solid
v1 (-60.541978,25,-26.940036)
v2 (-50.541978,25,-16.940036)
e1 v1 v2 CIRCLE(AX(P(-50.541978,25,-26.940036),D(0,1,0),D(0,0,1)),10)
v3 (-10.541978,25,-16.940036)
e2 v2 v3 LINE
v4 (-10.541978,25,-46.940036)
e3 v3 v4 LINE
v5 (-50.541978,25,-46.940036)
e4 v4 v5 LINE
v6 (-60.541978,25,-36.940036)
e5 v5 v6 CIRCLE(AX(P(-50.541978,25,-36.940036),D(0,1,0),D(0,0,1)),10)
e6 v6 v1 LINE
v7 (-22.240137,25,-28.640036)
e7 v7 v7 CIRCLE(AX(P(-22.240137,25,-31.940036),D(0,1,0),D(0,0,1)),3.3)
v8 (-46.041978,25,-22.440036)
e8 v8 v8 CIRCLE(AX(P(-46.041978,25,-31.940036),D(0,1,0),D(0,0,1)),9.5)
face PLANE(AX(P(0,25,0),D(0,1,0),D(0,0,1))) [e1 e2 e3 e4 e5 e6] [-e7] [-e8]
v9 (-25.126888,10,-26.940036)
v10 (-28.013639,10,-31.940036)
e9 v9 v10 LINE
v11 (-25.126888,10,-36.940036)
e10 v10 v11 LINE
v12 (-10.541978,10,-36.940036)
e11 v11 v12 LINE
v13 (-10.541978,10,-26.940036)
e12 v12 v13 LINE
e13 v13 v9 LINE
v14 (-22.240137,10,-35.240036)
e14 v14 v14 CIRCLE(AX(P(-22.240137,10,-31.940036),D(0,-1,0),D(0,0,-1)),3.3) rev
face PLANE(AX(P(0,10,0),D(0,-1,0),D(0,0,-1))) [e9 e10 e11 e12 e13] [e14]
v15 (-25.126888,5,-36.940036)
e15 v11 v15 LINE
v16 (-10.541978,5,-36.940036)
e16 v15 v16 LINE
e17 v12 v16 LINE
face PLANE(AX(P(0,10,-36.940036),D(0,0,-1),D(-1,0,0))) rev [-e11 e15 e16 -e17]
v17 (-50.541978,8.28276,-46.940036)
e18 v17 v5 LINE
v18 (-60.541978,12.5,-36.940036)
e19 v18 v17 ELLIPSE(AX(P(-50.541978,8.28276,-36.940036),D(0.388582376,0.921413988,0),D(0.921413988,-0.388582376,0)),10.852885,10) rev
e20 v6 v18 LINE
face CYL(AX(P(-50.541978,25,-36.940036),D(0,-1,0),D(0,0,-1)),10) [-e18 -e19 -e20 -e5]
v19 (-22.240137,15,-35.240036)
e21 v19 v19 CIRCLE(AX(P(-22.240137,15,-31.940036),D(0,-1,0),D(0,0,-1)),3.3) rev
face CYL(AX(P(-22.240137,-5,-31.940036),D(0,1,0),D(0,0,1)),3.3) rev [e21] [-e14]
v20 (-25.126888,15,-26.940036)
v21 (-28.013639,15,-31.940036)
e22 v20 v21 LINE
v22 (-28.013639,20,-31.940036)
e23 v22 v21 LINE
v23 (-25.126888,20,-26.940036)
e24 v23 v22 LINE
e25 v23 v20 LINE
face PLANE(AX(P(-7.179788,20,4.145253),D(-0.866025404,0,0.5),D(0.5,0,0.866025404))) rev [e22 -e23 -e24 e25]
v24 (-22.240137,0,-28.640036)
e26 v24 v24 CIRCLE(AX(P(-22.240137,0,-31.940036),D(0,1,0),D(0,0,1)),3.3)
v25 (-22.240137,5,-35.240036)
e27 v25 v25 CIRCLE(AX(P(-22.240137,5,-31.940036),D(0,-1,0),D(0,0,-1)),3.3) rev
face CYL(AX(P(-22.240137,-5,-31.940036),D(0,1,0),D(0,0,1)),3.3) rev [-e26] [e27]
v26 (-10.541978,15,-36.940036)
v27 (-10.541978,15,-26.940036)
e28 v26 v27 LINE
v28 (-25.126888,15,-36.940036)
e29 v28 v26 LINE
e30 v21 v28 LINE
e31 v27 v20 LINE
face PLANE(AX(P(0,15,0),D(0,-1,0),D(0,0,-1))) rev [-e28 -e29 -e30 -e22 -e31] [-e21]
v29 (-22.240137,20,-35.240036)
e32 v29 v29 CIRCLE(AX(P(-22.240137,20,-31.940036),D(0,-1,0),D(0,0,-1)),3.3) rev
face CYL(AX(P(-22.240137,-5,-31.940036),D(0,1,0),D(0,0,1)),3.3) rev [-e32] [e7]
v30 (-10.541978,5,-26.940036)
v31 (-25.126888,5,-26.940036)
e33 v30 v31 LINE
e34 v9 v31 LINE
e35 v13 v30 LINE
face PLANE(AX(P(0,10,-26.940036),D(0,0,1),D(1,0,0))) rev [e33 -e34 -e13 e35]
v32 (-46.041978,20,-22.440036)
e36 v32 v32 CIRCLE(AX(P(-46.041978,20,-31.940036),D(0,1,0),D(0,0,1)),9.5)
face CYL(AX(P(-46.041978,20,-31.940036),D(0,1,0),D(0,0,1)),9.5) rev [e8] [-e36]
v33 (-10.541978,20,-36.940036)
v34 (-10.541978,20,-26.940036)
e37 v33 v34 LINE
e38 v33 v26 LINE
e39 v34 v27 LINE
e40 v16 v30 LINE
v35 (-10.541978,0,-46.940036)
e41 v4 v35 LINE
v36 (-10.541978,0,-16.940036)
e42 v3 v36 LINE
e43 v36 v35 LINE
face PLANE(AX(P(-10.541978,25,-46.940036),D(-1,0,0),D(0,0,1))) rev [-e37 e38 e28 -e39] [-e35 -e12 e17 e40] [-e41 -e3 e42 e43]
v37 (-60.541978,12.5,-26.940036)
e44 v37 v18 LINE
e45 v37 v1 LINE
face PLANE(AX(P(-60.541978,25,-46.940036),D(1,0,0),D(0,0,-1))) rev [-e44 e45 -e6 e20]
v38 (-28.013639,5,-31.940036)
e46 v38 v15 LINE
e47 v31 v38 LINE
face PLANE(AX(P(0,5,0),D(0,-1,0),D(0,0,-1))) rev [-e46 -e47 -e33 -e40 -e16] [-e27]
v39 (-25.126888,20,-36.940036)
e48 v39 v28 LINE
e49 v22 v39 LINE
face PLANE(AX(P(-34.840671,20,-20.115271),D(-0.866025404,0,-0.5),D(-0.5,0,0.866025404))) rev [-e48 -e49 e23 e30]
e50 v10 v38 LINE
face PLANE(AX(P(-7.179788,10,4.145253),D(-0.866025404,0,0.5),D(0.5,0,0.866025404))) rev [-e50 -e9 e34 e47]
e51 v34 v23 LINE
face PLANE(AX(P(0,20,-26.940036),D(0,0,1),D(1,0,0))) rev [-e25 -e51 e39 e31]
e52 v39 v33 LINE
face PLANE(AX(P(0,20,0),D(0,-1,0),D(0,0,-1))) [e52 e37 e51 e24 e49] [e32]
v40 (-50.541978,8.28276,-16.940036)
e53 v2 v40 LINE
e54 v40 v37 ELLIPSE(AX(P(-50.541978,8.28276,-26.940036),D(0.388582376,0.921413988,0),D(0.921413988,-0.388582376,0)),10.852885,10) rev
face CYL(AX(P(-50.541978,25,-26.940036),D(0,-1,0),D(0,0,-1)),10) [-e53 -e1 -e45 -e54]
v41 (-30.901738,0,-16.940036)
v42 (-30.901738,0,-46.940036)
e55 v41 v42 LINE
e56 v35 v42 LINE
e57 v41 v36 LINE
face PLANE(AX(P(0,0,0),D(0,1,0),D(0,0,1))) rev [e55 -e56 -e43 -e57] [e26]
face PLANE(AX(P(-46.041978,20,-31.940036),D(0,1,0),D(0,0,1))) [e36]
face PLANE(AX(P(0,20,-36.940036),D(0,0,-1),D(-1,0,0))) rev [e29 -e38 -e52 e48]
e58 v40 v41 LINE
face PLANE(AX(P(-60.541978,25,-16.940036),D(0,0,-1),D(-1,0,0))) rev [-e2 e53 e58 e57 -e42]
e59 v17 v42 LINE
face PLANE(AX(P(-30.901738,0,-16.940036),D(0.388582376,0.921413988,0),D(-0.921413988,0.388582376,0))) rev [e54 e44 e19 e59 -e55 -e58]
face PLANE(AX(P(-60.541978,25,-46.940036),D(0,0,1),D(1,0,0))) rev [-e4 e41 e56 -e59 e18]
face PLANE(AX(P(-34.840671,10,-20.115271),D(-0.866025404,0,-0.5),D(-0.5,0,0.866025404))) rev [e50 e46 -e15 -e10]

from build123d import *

# Parameters (mm, degrees)
ESQUISSE1_W                = 50
ESQUISSE1_H                = 30
BOSS_EXTRU_1_DEPTH         = 25
ESQUISSE2_R                = 9.5
ENL_V_MAT_EXTRU_1_DEPTH    = 5
ESQUISSE5_R                = 3.3
ENL_V_MAT_EXTRU_2_DEPTH    = 30
ENL_V_MAT_EXTRU_3_DEPTH    = 30
CONG_1_R                   = 10
ENL_V_START                = -5
ESQUISSE8_R                = 3.3
ENL_V_MAT_EXTRU_4_DEPTH    = 5
R_P_TITION_LIN_AIRE1_COUNT = 2
R_P_TITION_LIN_AIRE1_PITCH = 10


with BuildPart() as part:
    # Esquisse1 → Boss.-Extru.1 (new body)
    with BuildSketch(Plane(origin=(0, 0, 0), x_dir=(1, 0, 0), z_dir=(0, 1, 0))):
        with Locations((-35.541978222, 31.940035978)):
            Rectangle(ESQUISSE1_W, ESQUISSE1_H)
    extrude(amount=BOSS_EXTRU_1_DEPTH)

    # Esquisse2 → Enlèv. mat.-Extru.1 (cut)
    with BuildSketch(Plane(origin=(0, 25, 0), x_dir=(1, 0, 0), z_dir=(0, 1, 0))):
        with Locations(Location((-46.041978222, 31.940035978, 0), (0, 0, 270))):  # turned: the seam where the file's is
            Circle(ESQUISSE2_R)
    extrude(amount=-ENL_V_MAT_EXTRU_1_DEPTH, mode=Mode.SUBTRACT)

    # Esquisse5 → Enlèv. mat.-Extru.2 (cut)
    with BuildSketch(Plane(origin=(0, 25, 0), x_dir=(1, 0, 0), z_dir=(0, 1, 0))):
        with Locations(Location((-22.240136575, 31.940035978, 0), (0, 0, 270))):  # turned: the seam where the file's is
            Circle(ESQUISSE5_R)
    extrude(amount=-ENL_V_MAT_EXTRU_2_DEPTH, mode=Mode.SUBTRACT)

    # Esquisse7 → Enlèv. mat.-Extru.3 (cut)
    with BuildSketch(Plane(origin=(0, 0, -46.940035978), x_dir=(-1, 0, 0), z_dir=(0, 0, -1))):
        Polygon((30.901738287, 0), (60.541978222, 12.5), (60.541978222, 0), align=None)
    extrude(amount=-ENL_V_MAT_EXTRU_3_DEPTH, mode=Mode.SUBTRACT)

    # Congé1
    cong_1_edges = [part.edges().sort_by_distance(p)[0] for p in [
        (-60.541978222, 18.75, -46.940035978),
        (-60.541978222, 18.75, -16.940035978),
    ]]
    fillet(cong_1_edges, radius=CONG_1_R)

    # Esquisse8 → Enlèv. mat.-Extru.4 (cut)
    with BuildSketch(Plane.XZ.offset(ENL_V_START)):
        Polygon((-25.12688792, -36.940035978), (-19.353385229, -36.940035978), (-16.466633883, -31.940035978), (-19.353385229, -26.940035978), (-25.12688792, -26.940035978), (-28.013639266, -31.940035978), align=None)
        with Locations(Location((-22.240136575, -31.940035978, 0), (0, 0, 90))):  # turned: the seam where the file's is
            Circle(ESQUISSE8_R, mode=Mode.SUBTRACT)
        Polygon((-16.466633883, -31.940035978), (-19.353385229, -36.940035978), (-10.541978222, -36.940035978), (-10.541978222, -26.940035978), (-19.353385229, -26.940035978), align=None)
    enl_v_mat_extru_4 = extrude(amount=-ENL_V_MAT_EXTRU_4_DEPTH, mode=Mode.SUBTRACT)

    # Répétition linéaire1: Enlèv. mat.-Extru.4 ×2
    with Locations(*[(0, i * R_P_TITION_LIN_AIRE1_PITCH, 0) for i in range(1, R_P_TITION_LIN_AIRE1_COUNT)]):
        add(enl_v_mat_extru_4, mode=Mode.SUBTRACT)


solid = part.part
